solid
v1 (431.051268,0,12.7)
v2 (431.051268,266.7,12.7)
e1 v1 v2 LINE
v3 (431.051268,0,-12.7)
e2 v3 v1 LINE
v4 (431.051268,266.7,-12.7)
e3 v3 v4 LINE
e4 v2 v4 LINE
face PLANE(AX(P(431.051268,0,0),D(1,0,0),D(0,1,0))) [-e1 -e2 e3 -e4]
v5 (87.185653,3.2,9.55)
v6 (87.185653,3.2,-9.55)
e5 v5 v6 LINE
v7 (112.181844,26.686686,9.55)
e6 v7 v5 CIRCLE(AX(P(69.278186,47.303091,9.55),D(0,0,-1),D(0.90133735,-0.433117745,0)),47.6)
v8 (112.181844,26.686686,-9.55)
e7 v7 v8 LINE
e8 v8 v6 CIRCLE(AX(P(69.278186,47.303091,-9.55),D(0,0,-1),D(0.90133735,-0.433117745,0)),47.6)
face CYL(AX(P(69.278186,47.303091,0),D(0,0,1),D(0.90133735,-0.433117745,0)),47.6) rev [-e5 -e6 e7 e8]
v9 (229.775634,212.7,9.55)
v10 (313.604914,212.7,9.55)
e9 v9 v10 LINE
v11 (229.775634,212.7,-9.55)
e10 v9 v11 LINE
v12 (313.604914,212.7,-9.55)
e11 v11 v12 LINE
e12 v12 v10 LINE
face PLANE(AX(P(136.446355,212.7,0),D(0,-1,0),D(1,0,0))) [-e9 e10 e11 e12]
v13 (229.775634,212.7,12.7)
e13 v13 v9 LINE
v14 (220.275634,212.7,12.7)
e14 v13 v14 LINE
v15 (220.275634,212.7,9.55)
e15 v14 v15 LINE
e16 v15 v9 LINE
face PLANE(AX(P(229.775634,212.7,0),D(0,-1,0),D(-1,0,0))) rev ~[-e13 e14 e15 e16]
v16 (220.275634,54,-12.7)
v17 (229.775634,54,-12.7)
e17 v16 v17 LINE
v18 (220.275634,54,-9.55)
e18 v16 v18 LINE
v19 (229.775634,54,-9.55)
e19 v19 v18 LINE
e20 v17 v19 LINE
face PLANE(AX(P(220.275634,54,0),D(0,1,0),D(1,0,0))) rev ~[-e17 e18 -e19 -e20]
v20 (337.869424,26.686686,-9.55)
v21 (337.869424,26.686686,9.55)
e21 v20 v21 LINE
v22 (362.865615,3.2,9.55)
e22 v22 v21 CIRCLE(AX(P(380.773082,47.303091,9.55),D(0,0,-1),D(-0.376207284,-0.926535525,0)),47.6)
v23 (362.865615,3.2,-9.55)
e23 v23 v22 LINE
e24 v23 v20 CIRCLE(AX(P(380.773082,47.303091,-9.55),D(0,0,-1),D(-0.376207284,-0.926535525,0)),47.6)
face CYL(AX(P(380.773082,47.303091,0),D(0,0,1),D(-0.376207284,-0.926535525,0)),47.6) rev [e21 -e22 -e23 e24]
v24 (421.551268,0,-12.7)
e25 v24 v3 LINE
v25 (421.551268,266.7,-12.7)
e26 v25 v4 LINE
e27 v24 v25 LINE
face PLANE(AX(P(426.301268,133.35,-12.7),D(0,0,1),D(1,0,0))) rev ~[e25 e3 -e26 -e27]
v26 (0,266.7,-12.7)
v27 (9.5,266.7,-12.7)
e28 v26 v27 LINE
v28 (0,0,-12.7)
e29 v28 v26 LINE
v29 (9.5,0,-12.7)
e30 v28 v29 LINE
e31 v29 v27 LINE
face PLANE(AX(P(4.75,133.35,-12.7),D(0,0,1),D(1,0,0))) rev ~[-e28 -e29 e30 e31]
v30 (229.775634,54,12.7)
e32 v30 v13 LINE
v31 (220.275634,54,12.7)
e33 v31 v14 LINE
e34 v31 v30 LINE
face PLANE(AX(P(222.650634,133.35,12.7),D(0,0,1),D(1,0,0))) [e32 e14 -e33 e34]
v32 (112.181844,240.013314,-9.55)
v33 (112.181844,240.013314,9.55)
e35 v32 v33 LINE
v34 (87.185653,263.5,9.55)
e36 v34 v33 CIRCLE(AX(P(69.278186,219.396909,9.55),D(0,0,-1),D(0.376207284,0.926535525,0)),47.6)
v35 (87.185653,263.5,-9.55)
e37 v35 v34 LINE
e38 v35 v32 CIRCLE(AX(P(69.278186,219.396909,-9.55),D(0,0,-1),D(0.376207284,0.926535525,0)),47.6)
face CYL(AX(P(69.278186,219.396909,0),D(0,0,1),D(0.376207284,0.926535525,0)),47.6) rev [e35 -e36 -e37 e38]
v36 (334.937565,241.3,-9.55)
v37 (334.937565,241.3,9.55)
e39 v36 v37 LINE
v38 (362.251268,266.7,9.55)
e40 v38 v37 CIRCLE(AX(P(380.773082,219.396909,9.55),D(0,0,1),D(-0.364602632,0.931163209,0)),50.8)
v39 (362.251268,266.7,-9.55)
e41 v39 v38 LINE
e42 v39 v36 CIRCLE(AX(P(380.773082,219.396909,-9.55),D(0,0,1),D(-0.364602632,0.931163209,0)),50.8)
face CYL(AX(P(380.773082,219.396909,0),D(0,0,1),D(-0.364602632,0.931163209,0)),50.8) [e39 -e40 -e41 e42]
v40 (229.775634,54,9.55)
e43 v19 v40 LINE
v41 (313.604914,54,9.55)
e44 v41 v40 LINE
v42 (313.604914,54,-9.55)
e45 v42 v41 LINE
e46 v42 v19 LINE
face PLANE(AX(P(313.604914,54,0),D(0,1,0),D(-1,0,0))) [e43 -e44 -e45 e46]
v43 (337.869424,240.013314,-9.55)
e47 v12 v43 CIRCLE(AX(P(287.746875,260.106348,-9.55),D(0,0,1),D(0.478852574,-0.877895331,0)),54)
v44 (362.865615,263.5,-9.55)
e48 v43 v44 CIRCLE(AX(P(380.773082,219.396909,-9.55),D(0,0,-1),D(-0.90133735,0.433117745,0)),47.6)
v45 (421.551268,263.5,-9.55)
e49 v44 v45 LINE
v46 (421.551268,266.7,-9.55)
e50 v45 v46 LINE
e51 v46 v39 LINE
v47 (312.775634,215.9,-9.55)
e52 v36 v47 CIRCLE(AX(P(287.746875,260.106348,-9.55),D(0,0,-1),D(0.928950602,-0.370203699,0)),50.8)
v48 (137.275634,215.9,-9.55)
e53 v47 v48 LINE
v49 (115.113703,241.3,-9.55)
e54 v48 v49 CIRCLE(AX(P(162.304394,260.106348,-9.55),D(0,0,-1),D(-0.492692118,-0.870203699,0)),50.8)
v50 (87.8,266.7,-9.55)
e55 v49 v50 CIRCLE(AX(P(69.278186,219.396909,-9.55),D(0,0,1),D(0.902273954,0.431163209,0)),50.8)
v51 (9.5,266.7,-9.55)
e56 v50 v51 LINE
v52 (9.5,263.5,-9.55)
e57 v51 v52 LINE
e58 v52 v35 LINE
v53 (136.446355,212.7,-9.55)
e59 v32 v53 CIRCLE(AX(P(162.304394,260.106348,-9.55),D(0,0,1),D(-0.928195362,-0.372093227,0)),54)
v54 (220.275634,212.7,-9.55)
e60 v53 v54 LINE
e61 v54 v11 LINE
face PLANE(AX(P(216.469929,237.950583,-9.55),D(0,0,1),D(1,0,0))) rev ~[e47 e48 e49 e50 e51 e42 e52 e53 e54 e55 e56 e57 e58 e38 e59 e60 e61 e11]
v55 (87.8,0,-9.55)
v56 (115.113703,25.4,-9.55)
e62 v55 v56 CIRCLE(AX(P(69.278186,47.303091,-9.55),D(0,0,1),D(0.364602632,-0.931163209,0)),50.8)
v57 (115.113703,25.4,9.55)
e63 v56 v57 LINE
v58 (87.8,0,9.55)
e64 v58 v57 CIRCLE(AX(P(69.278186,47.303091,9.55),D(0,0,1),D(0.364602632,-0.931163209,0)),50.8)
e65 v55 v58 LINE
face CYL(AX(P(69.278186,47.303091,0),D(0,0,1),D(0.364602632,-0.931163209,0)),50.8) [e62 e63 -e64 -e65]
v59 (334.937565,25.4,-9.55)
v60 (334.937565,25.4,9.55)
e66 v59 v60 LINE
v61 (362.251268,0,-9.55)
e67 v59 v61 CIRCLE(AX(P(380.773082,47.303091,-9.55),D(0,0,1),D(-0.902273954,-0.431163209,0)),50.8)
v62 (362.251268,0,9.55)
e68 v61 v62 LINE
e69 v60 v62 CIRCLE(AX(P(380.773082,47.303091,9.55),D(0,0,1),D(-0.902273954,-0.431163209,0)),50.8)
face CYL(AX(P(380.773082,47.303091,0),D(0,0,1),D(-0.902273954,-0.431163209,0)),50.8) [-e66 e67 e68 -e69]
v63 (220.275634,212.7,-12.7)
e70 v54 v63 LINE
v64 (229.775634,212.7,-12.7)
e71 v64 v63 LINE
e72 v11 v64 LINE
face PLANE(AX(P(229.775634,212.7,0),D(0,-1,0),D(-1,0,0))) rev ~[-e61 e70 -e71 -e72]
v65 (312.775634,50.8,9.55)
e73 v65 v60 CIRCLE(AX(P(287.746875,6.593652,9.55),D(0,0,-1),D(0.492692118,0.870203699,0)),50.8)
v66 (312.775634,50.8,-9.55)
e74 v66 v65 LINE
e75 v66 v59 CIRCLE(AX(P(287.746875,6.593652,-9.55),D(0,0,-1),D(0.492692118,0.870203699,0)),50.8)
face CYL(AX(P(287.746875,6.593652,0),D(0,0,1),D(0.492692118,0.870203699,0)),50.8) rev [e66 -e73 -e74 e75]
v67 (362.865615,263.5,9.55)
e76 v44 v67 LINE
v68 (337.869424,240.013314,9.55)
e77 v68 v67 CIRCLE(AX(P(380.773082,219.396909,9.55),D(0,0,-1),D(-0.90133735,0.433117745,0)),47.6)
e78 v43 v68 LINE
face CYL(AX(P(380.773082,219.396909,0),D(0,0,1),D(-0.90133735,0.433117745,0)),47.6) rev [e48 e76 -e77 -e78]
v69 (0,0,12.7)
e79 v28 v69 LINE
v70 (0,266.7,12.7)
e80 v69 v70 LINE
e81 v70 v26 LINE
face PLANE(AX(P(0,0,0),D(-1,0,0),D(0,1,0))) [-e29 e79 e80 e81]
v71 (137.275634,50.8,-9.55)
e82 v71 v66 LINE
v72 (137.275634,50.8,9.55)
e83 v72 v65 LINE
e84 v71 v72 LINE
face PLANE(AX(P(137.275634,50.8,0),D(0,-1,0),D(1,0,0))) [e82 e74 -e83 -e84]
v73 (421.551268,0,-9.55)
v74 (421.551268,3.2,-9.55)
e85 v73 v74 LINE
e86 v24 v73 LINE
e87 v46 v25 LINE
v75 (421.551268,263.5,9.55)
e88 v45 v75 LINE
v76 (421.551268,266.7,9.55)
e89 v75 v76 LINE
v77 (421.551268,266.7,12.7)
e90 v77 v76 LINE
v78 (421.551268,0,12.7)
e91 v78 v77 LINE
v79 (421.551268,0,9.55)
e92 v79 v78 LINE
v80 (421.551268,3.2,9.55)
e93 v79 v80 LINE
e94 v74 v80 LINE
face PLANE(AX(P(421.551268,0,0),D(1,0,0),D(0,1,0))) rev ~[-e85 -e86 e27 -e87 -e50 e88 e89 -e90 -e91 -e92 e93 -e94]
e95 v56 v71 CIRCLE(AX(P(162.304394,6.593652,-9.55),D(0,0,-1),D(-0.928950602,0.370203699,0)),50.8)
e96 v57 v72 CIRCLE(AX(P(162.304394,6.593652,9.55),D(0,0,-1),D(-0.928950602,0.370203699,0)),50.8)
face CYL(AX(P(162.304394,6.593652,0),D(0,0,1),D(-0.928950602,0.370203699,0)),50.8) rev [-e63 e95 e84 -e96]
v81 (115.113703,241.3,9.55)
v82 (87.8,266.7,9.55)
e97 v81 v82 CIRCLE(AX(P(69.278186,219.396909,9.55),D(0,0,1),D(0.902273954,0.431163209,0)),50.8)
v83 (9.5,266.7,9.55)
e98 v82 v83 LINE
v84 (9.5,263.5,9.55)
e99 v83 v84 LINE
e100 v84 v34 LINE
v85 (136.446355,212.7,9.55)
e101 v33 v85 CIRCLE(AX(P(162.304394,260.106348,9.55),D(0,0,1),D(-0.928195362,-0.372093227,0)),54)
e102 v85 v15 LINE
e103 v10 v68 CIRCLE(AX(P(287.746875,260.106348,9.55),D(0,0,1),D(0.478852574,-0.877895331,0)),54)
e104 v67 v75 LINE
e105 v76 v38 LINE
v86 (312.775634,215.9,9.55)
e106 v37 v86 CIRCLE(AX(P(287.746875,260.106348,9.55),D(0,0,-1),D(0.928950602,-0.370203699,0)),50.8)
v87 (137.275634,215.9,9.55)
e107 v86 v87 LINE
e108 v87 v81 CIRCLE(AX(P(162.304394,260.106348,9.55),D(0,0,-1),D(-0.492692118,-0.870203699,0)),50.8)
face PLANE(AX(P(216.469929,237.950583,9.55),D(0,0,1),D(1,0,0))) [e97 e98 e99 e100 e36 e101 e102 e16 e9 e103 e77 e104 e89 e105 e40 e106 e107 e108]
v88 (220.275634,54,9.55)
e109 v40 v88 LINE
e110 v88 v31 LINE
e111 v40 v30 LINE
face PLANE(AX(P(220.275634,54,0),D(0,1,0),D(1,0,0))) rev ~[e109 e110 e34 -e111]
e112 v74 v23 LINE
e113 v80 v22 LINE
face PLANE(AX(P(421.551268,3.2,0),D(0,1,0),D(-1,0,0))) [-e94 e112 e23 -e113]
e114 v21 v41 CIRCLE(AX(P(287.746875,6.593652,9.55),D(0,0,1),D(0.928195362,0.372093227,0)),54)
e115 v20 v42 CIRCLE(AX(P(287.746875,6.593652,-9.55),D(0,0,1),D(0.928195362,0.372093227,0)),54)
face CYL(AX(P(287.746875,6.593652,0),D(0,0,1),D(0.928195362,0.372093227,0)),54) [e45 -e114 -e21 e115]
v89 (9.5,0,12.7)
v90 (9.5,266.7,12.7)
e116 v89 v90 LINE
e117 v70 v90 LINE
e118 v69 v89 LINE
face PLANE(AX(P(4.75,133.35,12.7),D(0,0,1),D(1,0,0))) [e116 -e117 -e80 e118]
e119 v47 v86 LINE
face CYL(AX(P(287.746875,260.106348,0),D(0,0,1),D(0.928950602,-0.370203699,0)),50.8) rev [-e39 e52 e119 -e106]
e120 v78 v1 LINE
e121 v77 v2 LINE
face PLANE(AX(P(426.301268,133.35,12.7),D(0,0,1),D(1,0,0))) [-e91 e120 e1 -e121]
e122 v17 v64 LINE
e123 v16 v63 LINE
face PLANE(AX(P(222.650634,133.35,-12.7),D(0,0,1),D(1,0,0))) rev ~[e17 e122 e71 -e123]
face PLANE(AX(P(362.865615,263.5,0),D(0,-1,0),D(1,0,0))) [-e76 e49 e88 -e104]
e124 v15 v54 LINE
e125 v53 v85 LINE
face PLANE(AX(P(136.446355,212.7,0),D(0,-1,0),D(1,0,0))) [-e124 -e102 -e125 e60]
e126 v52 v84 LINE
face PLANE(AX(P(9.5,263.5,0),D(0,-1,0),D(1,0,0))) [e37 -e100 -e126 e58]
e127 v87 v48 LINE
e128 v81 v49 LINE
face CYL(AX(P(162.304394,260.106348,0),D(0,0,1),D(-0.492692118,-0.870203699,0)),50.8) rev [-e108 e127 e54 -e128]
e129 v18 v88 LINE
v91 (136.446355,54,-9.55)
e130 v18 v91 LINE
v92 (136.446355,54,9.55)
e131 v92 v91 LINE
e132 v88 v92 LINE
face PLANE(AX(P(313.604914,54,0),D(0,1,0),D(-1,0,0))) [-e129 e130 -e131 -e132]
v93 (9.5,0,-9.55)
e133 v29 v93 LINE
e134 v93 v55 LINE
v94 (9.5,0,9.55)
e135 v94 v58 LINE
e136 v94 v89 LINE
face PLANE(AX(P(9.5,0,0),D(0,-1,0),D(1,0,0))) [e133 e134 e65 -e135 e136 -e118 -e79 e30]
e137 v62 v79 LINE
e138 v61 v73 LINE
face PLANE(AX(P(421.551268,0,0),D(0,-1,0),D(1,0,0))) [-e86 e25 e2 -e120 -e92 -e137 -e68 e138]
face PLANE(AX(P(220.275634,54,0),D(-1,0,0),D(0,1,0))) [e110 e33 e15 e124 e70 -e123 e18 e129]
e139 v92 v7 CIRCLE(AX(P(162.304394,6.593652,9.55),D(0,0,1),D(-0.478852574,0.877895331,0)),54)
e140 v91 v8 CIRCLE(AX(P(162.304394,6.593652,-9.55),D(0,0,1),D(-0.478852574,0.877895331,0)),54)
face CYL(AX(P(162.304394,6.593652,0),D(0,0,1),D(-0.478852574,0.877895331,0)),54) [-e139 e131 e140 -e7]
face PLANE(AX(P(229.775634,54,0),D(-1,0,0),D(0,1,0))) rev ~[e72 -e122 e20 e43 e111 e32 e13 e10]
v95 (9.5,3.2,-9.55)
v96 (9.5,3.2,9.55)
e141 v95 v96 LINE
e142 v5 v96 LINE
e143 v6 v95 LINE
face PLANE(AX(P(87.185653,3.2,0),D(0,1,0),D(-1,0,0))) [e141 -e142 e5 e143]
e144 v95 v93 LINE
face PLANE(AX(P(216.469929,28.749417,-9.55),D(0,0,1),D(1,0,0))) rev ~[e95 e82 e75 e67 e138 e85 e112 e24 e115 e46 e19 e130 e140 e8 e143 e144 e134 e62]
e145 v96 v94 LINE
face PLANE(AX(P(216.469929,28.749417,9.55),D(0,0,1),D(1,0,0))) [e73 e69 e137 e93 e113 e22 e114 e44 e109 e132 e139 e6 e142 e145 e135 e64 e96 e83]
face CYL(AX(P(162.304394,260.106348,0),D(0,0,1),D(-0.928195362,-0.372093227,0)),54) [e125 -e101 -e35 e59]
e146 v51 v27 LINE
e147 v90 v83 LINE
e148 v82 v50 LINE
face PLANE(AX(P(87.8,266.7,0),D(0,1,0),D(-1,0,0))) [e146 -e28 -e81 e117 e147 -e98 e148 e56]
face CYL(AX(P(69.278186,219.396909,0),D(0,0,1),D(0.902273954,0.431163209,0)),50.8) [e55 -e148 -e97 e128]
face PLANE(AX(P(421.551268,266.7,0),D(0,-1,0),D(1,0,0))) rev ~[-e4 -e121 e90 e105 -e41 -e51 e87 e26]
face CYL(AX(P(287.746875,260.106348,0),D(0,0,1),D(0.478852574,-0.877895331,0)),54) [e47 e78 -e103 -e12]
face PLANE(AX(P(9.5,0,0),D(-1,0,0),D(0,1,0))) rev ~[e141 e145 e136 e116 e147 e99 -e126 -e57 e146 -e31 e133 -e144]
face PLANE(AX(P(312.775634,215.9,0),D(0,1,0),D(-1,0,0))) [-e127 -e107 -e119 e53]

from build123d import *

# Parameters (mm, degrees)
BOSS_EXTRUDE1_DEPTH   = 9.55
BOSS_EXTRUDE1_2_DEPTH = 9.55
SKETCH2_W             = 9.5
SKETCH2_H             = 266.7
SKETCH2_W_2           = 4.75
SKETCH2_H_2           = 158.7
BOSS_EXTRUDE2_DEPTH   = 12.7


with BuildPart() as part:
    # Sketch1 → Boss-Extrude1 (new, symmetric)
    with BuildSketch(Plane.XY):
        with BuildLine():
            Line((87.8, 266.7), (9.5, 266.7))
            Line((9.5, 266.7), (9.5, 263.5))
            Line((9.5, 263.5), (87.185653041, 263.5))
            ThreePointArc((87.185653041, 263.5), (101.872730764, 254.086326296), (112.181844193, 240.013313649))
            ThreePointArc((112.181844193, 240.013313649), (121.93402425, 224.242253512), (136.446354787, 212.7))
            Line((136.446354787, 212.7), (313.604913576, 212.7))
            ThreePointArc((313.604913576, 212.7), (328.117244113, 224.242253512), (337.86942417, 240.013313649))
            ThreePointArc((337.86942417, 240.013313649), (348.178537599, 254.086326296), (362.865615322, 263.5))
            Line((362.865615322, 263.5), (421.551268364, 263.5))
            Line((421.551268364, 263.5), (421.551268364, 266.7))
            Line((421.551268364, 266.7), (362.251268364, 266.7))
            ThreePointArc((362.251268364, 266.7), (346.178913489, 256.597493698), (334.937565202, 241.3))
            ThreePointArc((334.937565202, 241.3), (326.024834919, 226.70817797), (312.775634182, 215.9))
            Line((312.775634182, 215.9), (137.275634182, 215.9))
            ThreePointArc((137.275634182, 215.9), (124.026433444, 226.70817797), (115.113703162, 241.3))
            ThreePointArc((115.113703162, 241.3), (103.872354874, 256.597493698), (87.8, 266.7))
        make_face()
    extrude(amount=BOSS_EXTRUDE1_DEPTH, both=True)



with BuildPart() as body_2:
    # Sketch1 → Boss-Extrude1 2 (new, symmetric)
    with BuildSketch(Plane.XY):
        with BuildLine():
            Line((87.185653041, 3.2), (9.5, 3.2))
            Line((9.5, 3.2), (9.5, 0))
            Line((9.5, 0), (87.8, 0))
            ThreePointArc((87.8, 0), (103.872354874, 10.102506302), (115.113703162, 25.4))
            ThreePointArc((115.113703162, 25.4), (124.026433444, 39.99182203), (137.275634182, 50.8))
            Line((137.275634182, 50.8), (312.775634182, 50.8))
            ThreePointArc((312.775634182, 50.8), (326.024834919, 39.99182203), (334.937565202, 25.4))
            ThreePointArc((334.937565202, 25.4), (346.178913489, 10.102506302), (362.251268364, 0))
            Line((362.251268364, 0), (421.551268364, 0))
            Line((421.551268364, 0), (421.551268364, 3.2))
            Line((421.551268364, 3.2), (362.865615322, 3.2))
            ThreePointArc((362.865615322, 3.2), (348.178537599, 12.613673704), (337.86942417, 26.686686351))
            ThreePointArc((337.86942417, 26.686686351), (328.117244113, 42.457746488), (313.604913576, 54))
            Line((313.604913576, 54), (136.446354787, 54))
            ThreePointArc((136.446354787, 54), (121.93402425, 42.457746488), (112.181844193, 26.686686351))
            ThreePointArc((112.181844193, 26.686686351), (101.872730764, 12.613673704), (87.185653041, 3.2))
        make_face()
    extrude(amount=BOSS_EXTRUDE1_2_DEPTH, both=True)


with BuildPart() as part_1:
    add(part.part)

    add(body_2.part)  # Boss-Extrude2 merges body 2
    # Sketch2 → Boss-Extrude2 (add, symmetric)
    with BuildSketch(Plane.XY):
        with Locations((4.75, 133.35)):
            Rectangle(SKETCH2_W, SKETCH2_H)
        with Locations((222.650634182, 133.35)):
            Rectangle(SKETCH2_W_2, SKETCH2_H_2)
        with Locations((227.400634182, 133.35)):
            Rectangle(SKETCH2_W_2, SKETCH2_H_2)
        with Locations((426.301268364, 133.35)):
            Rectangle(SKETCH2_W, SKETCH2_H)
    extrude(amount=BOSS_EXTRUDE2_DEPTH, both=True)


solid = part_1.part
